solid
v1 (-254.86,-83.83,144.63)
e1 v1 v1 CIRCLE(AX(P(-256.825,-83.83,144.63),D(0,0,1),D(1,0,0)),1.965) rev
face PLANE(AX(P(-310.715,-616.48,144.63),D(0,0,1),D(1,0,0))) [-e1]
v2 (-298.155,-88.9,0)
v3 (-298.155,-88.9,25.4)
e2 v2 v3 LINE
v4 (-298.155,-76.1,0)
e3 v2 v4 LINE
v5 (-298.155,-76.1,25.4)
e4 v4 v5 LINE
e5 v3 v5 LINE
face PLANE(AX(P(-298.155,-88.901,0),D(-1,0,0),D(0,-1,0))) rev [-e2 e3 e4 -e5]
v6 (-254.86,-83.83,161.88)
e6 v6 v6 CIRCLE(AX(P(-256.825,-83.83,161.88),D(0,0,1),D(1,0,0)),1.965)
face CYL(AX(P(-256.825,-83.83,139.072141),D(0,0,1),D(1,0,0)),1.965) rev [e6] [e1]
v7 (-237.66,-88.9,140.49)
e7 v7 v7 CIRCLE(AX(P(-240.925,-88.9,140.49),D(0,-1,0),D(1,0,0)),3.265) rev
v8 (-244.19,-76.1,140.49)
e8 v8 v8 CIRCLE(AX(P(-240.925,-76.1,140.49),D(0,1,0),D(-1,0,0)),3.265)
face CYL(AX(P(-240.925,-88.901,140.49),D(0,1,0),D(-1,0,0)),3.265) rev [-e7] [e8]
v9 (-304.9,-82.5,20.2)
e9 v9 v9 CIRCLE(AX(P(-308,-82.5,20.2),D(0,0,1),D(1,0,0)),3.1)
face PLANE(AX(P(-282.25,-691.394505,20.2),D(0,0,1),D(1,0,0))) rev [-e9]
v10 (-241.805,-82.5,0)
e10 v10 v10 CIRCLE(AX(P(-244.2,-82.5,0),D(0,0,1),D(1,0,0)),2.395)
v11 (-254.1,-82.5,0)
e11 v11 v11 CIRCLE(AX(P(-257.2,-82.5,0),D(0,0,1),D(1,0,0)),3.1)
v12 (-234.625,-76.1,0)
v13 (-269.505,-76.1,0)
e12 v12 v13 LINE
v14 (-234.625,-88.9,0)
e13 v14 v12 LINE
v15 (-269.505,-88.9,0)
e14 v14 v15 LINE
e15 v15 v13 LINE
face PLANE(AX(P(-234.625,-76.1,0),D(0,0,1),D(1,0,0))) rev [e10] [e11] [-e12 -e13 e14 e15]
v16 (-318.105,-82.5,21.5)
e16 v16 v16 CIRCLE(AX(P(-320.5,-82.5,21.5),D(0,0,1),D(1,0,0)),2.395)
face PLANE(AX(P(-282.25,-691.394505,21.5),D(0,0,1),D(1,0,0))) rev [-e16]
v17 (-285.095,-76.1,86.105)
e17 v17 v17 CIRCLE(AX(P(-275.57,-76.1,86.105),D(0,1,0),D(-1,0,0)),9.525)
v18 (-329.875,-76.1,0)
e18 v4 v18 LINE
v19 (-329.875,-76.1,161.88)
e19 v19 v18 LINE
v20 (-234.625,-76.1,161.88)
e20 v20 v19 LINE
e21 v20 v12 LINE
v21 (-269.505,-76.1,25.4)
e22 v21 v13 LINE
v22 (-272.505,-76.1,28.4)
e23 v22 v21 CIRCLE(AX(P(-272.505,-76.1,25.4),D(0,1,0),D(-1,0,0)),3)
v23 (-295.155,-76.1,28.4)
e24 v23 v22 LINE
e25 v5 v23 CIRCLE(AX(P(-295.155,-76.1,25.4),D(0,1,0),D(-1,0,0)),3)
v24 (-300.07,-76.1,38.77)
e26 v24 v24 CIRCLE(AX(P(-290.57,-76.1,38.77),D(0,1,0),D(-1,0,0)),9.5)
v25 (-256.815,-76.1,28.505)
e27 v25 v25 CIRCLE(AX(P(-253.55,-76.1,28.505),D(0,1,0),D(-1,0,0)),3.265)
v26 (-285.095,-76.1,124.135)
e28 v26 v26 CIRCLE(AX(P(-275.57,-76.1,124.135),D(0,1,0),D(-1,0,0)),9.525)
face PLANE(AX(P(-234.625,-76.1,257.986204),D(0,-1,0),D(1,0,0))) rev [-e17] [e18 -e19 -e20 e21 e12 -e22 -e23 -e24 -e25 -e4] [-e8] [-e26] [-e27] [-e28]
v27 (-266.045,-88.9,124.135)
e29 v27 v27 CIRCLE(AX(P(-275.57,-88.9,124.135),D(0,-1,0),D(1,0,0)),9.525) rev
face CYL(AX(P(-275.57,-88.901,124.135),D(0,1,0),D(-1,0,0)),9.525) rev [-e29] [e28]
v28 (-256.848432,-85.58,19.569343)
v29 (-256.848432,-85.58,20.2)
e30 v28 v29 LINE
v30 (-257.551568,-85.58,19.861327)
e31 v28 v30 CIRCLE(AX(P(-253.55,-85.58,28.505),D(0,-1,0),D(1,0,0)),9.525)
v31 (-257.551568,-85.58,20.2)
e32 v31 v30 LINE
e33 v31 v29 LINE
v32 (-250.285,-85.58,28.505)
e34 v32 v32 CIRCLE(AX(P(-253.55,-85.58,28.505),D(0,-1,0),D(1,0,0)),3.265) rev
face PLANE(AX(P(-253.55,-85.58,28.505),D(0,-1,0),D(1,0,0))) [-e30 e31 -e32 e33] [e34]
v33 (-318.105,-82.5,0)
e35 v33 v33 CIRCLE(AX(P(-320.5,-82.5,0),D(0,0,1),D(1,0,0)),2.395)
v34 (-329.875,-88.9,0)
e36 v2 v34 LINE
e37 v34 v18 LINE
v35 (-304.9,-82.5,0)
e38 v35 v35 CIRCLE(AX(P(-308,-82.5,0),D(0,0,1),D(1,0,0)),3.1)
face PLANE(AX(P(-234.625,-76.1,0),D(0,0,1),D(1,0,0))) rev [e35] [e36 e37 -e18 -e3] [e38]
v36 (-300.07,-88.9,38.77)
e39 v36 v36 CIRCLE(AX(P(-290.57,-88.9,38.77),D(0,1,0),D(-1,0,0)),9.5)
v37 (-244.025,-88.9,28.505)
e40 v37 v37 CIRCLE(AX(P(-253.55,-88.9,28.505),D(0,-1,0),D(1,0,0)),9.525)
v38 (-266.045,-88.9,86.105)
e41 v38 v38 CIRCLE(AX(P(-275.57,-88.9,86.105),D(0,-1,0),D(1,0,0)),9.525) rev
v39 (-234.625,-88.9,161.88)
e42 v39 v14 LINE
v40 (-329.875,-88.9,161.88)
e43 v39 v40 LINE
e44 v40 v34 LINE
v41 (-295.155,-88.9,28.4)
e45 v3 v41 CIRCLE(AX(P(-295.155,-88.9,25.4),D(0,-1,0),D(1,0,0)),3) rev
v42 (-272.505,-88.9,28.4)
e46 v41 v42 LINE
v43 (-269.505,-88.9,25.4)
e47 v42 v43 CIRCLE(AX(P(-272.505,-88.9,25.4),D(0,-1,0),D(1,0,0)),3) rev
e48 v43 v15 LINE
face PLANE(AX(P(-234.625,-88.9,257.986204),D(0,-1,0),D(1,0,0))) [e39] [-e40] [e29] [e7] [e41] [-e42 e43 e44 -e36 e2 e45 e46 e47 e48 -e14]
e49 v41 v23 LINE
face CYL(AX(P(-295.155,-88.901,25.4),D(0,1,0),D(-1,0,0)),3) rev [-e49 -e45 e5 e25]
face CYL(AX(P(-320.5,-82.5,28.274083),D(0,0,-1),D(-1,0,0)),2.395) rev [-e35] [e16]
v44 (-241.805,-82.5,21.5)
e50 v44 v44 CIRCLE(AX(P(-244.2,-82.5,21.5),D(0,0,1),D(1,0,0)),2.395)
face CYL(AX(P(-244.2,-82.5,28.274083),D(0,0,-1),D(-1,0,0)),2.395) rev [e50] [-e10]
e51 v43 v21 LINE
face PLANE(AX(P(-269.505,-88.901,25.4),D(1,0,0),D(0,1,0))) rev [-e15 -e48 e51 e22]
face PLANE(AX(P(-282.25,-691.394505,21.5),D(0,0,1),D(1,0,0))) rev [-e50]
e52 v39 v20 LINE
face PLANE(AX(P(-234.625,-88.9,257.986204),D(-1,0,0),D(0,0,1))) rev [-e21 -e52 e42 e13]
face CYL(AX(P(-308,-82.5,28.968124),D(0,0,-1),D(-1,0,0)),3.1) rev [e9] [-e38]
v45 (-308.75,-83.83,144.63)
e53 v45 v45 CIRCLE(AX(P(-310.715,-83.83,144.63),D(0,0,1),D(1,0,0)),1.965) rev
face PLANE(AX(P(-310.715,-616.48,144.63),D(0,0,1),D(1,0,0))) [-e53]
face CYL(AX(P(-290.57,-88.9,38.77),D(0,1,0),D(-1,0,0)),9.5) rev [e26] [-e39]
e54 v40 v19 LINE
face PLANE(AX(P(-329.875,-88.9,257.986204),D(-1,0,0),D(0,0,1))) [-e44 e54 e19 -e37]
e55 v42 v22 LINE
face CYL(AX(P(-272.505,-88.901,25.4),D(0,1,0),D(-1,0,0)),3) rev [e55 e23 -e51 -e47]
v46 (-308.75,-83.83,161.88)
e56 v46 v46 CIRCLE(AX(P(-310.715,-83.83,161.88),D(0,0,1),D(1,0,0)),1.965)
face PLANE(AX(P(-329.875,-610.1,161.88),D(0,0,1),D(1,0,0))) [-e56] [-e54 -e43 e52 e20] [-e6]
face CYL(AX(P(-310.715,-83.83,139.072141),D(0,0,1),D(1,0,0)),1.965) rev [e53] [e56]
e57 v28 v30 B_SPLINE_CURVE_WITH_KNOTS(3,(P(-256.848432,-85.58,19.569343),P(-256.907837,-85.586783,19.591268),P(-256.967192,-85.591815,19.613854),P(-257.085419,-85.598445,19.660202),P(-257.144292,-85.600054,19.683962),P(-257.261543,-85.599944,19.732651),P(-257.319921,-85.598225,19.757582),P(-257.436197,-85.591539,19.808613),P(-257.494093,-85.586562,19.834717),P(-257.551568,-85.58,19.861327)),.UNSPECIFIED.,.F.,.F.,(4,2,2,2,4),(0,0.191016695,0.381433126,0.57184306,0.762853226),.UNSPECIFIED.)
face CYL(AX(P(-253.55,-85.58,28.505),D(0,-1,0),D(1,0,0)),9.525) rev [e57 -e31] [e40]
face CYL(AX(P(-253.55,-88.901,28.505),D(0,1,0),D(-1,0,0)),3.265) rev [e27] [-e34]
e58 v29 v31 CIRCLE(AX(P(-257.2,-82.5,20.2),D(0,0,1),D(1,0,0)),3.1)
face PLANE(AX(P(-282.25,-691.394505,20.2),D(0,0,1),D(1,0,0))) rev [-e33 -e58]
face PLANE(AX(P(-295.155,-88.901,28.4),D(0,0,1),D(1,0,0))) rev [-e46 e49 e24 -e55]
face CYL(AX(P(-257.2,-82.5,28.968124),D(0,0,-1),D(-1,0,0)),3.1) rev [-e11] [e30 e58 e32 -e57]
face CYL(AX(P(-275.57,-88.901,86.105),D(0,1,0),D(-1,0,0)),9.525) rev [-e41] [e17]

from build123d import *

# Parameters (mm, degrees)
SKETCH1_W           = 95.25
SKETCH1_H           = 12.8
BOSS_EXTRUDE1_DEPTH = 161.88
SKETCH1_3_R         = 3.1
CUT_EXTRUDE1_DEPTH  = 20.2
SKETCH1_4_R         = 2.395
CUT_EXTRUDE2_DEPTH  = 21.5
CUT_EXTRUDE3_REACH  = 14.8
SKETCH2_R           = 9.525
SKETCH2_R_2         = 3.265
SKETCH3_R           = 3.265
SKETCH3_R_2         = 9.525
CUT_EXTRUDE4_DEPTH  = 3.32
CUT_EXTRUDE5_START  = -17.25
SKETCH4_R           = 1.965
CUT_EXTRUDE5_DEPTH  = 17.25
SKETCH6_R           = 9.5
CUT_EXTRUDE6_DEPTH  = 13.8000001


with BuildPart() as part:
    # Sketch1 → Boss-Extrude1 (new body)
    with BuildSketch(Plane.XY):
        with Locations((-282.25, -82.5)):
            Rectangle(SKETCH1_W, SKETCH1_H)
    extrude(amount=BOSS_EXTRUDE1_DEPTH)

    # Sketch1<3> → Cut-Extrude1 (cut)
    with BuildSketch(Plane.XY):
        with Locations((-308, -82.5)):
            Circle(SKETCH1_3_R)
        with Locations((-257.2, -82.5)):
            Circle(SKETCH1_3_R)
    extrude(amount=CUT_EXTRUDE1_DEPTH, mode=Mode.SUBTRACT)

    # Sketch1<4> → Cut-Extrude2 (cut)
    with BuildSketch(Plane.XY):
        with Locations((-320.5, -82.5)):
            Circle(SKETCH1_4_R)
        with Locations((-244.2, -82.5)):
            Circle(SKETCH1_4_R)
    extrude(amount=CUT_EXTRUDE2_DEPTH, mode=Mode.SUBTRACT)

    # Sketch2 → Cut-Extrude3 (cut, up to next)
    with BuildSketch(Plane(origin=(0, -76.1, 0), x_dir=(-1, 0, 0), z_dir=(0, 1, 0)), mode=Mode.PRIVATE) as cut_extrude3_sk1:
        with Locations((275.57, 86.105)):
            Circle(SKETCH2_R)
    cut_extrude3_tool1 = extrude(cut_extrude3_sk1.sketch, amount=-CUT_EXTRUDE3_REACH, mode=Mode.PRIVATE) & part.part
    add(cut_extrude3_tool1.solids().sort_by_distance((-275.57, -76.1, 86.105))[0], mode=Mode.SUBTRACT)
    # Sketch2 → Cut-Extrude3 (cut, up to next)
    with BuildSketch(Plane(origin=(0, -76.1, 0), x_dir=(-1, 0, 0), z_dir=(0, 1, 0)), mode=Mode.PRIVATE) as cut_extrude3_sk2:
        with Locations((275.57, 124.135)):
            Circle(SKETCH2_R)
    cut_extrude3_tool2 = extrude(cut_extrude3_sk2.sketch, amount=-CUT_EXTRUDE3_REACH, mode=Mode.PRIVATE) & part.part
    add(cut_extrude3_tool2.solids().sort_by_distance((-275.57, -76.1, 124.135))[0], mode=Mode.SUBTRACT)
    # Sketch2 → Cut-Extrude3 (cut, up to next)
    with BuildSketch(Plane(origin=(0, -76.1, 0), x_dir=(-1, 0, 0), z_dir=(0, 1, 0)), mode=Mode.PRIVATE) as cut_extrude3_sk3:
        with Locations((253.55, 28.505)):
            Circle(SKETCH2_R_2)
    cut_extrude3_tool3 = extrude(cut_extrude3_sk3.sketch, amount=-CUT_EXTRUDE3_REACH, mode=Mode.PRIVATE) & part.part
    add(cut_extrude3_tool3.solids().sort_by_distance((-253.55, -76.1, 28.505))[0], mode=Mode.SUBTRACT)
    # Sketch2 → Cut-Extrude3 (cut, up to next)
    with BuildSketch(Plane(origin=(0, -76.1, 0), x_dir=(-1, 0, 0), z_dir=(0, 1, 0)), mode=Mode.PRIVATE) as cut_extrude3_sk4:
        with Locations((240.925, 140.49)):
            Circle(SKETCH2_R_2)
    cut_extrude3_tool4 = extrude(cut_extrude3_sk4.sketch, amount=-CUT_EXTRUDE3_REACH, mode=Mode.PRIVATE) & part.part
    add(cut_extrude3_tool4.solids().sort_by_distance((-240.925, -76.1, 140.49))[0], mode=Mode.SUBTRACT)
    # Sketch2 → Cut-Extrude3 (cut, up to next)
    with BuildSketch(Plane(origin=(0, -76.1, 0), x_dir=(-1, 0, 0), z_dir=(0, 1, 0)), mode=Mode.PRIVATE) as cut_extrude3_sk5:
        with BuildLine():
            Line((269.505, 25.4), (269.505, 0))
            Line((269.505, 0), (298.155, 0))
            Line((298.155, 0), (298.155, 25.4))
            ThreePointArc((298.155, 25.4), (297.276320344, 27.521320344), (295.155, 28.4))
            Line((295.155, 28.4), (272.505, 28.4))
            ThreePointArc((272.505, 28.4), (270.383679656, 27.521320344), (269.505, 25.4))
        make_face()
    cut_extrude3_tool5 = extrude(cut_extrude3_sk5.sketch, amount=-CUT_EXTRUDE3_REACH, mode=Mode.PRIVATE) & part.part
    add(cut_extrude3_tool5.solids().sort_by_distance((-283.83, -76.1, 14.135461))[0], mode=Mode.SUBTRACT)

    # Sketch3 → Cut-Extrude4 (cut)
    with BuildSketch(Plane.XZ.offset(88.9)):
        with Locations((-240.925, 140.49)):
            Circle(SKETCH3_R)
        with Locations((-253.55, 28.505)):
            Circle(SKETCH3_R_2)
    extrude(amount=-CUT_EXTRUDE4_DEPTH, mode=Mode.SUBTRACT)

    # Sketch4 → Cut-Extrude5 (cut)
    with BuildSketch(Plane.XY.offset(161.88).offset(CUT_EXTRUDE5_START)):
        with Locations((-256.825, -83.83)):
            Circle(SKETCH4_R)
        with Locations((-310.715, -83.83)):
            Circle(SKETCH4_R)
    extrude(amount=CUT_EXTRUDE5_DEPTH, mode=Mode.SUBTRACT)

    # Sketch6 → Cut-Extrude6 (cut, through all)
    with BuildSketch(Plane(origin=(0, -76.1, 0), x_dir=(-1, 0, 0), z_dir=(0, 1, 0))):
        with Locations((290.57, 38.77)):
            Circle(SKETCH6_R)
    extrude(amount=-CUT_EXTRUDE6_DEPTH, mode=Mode.SUBTRACT)


solid = part.part
